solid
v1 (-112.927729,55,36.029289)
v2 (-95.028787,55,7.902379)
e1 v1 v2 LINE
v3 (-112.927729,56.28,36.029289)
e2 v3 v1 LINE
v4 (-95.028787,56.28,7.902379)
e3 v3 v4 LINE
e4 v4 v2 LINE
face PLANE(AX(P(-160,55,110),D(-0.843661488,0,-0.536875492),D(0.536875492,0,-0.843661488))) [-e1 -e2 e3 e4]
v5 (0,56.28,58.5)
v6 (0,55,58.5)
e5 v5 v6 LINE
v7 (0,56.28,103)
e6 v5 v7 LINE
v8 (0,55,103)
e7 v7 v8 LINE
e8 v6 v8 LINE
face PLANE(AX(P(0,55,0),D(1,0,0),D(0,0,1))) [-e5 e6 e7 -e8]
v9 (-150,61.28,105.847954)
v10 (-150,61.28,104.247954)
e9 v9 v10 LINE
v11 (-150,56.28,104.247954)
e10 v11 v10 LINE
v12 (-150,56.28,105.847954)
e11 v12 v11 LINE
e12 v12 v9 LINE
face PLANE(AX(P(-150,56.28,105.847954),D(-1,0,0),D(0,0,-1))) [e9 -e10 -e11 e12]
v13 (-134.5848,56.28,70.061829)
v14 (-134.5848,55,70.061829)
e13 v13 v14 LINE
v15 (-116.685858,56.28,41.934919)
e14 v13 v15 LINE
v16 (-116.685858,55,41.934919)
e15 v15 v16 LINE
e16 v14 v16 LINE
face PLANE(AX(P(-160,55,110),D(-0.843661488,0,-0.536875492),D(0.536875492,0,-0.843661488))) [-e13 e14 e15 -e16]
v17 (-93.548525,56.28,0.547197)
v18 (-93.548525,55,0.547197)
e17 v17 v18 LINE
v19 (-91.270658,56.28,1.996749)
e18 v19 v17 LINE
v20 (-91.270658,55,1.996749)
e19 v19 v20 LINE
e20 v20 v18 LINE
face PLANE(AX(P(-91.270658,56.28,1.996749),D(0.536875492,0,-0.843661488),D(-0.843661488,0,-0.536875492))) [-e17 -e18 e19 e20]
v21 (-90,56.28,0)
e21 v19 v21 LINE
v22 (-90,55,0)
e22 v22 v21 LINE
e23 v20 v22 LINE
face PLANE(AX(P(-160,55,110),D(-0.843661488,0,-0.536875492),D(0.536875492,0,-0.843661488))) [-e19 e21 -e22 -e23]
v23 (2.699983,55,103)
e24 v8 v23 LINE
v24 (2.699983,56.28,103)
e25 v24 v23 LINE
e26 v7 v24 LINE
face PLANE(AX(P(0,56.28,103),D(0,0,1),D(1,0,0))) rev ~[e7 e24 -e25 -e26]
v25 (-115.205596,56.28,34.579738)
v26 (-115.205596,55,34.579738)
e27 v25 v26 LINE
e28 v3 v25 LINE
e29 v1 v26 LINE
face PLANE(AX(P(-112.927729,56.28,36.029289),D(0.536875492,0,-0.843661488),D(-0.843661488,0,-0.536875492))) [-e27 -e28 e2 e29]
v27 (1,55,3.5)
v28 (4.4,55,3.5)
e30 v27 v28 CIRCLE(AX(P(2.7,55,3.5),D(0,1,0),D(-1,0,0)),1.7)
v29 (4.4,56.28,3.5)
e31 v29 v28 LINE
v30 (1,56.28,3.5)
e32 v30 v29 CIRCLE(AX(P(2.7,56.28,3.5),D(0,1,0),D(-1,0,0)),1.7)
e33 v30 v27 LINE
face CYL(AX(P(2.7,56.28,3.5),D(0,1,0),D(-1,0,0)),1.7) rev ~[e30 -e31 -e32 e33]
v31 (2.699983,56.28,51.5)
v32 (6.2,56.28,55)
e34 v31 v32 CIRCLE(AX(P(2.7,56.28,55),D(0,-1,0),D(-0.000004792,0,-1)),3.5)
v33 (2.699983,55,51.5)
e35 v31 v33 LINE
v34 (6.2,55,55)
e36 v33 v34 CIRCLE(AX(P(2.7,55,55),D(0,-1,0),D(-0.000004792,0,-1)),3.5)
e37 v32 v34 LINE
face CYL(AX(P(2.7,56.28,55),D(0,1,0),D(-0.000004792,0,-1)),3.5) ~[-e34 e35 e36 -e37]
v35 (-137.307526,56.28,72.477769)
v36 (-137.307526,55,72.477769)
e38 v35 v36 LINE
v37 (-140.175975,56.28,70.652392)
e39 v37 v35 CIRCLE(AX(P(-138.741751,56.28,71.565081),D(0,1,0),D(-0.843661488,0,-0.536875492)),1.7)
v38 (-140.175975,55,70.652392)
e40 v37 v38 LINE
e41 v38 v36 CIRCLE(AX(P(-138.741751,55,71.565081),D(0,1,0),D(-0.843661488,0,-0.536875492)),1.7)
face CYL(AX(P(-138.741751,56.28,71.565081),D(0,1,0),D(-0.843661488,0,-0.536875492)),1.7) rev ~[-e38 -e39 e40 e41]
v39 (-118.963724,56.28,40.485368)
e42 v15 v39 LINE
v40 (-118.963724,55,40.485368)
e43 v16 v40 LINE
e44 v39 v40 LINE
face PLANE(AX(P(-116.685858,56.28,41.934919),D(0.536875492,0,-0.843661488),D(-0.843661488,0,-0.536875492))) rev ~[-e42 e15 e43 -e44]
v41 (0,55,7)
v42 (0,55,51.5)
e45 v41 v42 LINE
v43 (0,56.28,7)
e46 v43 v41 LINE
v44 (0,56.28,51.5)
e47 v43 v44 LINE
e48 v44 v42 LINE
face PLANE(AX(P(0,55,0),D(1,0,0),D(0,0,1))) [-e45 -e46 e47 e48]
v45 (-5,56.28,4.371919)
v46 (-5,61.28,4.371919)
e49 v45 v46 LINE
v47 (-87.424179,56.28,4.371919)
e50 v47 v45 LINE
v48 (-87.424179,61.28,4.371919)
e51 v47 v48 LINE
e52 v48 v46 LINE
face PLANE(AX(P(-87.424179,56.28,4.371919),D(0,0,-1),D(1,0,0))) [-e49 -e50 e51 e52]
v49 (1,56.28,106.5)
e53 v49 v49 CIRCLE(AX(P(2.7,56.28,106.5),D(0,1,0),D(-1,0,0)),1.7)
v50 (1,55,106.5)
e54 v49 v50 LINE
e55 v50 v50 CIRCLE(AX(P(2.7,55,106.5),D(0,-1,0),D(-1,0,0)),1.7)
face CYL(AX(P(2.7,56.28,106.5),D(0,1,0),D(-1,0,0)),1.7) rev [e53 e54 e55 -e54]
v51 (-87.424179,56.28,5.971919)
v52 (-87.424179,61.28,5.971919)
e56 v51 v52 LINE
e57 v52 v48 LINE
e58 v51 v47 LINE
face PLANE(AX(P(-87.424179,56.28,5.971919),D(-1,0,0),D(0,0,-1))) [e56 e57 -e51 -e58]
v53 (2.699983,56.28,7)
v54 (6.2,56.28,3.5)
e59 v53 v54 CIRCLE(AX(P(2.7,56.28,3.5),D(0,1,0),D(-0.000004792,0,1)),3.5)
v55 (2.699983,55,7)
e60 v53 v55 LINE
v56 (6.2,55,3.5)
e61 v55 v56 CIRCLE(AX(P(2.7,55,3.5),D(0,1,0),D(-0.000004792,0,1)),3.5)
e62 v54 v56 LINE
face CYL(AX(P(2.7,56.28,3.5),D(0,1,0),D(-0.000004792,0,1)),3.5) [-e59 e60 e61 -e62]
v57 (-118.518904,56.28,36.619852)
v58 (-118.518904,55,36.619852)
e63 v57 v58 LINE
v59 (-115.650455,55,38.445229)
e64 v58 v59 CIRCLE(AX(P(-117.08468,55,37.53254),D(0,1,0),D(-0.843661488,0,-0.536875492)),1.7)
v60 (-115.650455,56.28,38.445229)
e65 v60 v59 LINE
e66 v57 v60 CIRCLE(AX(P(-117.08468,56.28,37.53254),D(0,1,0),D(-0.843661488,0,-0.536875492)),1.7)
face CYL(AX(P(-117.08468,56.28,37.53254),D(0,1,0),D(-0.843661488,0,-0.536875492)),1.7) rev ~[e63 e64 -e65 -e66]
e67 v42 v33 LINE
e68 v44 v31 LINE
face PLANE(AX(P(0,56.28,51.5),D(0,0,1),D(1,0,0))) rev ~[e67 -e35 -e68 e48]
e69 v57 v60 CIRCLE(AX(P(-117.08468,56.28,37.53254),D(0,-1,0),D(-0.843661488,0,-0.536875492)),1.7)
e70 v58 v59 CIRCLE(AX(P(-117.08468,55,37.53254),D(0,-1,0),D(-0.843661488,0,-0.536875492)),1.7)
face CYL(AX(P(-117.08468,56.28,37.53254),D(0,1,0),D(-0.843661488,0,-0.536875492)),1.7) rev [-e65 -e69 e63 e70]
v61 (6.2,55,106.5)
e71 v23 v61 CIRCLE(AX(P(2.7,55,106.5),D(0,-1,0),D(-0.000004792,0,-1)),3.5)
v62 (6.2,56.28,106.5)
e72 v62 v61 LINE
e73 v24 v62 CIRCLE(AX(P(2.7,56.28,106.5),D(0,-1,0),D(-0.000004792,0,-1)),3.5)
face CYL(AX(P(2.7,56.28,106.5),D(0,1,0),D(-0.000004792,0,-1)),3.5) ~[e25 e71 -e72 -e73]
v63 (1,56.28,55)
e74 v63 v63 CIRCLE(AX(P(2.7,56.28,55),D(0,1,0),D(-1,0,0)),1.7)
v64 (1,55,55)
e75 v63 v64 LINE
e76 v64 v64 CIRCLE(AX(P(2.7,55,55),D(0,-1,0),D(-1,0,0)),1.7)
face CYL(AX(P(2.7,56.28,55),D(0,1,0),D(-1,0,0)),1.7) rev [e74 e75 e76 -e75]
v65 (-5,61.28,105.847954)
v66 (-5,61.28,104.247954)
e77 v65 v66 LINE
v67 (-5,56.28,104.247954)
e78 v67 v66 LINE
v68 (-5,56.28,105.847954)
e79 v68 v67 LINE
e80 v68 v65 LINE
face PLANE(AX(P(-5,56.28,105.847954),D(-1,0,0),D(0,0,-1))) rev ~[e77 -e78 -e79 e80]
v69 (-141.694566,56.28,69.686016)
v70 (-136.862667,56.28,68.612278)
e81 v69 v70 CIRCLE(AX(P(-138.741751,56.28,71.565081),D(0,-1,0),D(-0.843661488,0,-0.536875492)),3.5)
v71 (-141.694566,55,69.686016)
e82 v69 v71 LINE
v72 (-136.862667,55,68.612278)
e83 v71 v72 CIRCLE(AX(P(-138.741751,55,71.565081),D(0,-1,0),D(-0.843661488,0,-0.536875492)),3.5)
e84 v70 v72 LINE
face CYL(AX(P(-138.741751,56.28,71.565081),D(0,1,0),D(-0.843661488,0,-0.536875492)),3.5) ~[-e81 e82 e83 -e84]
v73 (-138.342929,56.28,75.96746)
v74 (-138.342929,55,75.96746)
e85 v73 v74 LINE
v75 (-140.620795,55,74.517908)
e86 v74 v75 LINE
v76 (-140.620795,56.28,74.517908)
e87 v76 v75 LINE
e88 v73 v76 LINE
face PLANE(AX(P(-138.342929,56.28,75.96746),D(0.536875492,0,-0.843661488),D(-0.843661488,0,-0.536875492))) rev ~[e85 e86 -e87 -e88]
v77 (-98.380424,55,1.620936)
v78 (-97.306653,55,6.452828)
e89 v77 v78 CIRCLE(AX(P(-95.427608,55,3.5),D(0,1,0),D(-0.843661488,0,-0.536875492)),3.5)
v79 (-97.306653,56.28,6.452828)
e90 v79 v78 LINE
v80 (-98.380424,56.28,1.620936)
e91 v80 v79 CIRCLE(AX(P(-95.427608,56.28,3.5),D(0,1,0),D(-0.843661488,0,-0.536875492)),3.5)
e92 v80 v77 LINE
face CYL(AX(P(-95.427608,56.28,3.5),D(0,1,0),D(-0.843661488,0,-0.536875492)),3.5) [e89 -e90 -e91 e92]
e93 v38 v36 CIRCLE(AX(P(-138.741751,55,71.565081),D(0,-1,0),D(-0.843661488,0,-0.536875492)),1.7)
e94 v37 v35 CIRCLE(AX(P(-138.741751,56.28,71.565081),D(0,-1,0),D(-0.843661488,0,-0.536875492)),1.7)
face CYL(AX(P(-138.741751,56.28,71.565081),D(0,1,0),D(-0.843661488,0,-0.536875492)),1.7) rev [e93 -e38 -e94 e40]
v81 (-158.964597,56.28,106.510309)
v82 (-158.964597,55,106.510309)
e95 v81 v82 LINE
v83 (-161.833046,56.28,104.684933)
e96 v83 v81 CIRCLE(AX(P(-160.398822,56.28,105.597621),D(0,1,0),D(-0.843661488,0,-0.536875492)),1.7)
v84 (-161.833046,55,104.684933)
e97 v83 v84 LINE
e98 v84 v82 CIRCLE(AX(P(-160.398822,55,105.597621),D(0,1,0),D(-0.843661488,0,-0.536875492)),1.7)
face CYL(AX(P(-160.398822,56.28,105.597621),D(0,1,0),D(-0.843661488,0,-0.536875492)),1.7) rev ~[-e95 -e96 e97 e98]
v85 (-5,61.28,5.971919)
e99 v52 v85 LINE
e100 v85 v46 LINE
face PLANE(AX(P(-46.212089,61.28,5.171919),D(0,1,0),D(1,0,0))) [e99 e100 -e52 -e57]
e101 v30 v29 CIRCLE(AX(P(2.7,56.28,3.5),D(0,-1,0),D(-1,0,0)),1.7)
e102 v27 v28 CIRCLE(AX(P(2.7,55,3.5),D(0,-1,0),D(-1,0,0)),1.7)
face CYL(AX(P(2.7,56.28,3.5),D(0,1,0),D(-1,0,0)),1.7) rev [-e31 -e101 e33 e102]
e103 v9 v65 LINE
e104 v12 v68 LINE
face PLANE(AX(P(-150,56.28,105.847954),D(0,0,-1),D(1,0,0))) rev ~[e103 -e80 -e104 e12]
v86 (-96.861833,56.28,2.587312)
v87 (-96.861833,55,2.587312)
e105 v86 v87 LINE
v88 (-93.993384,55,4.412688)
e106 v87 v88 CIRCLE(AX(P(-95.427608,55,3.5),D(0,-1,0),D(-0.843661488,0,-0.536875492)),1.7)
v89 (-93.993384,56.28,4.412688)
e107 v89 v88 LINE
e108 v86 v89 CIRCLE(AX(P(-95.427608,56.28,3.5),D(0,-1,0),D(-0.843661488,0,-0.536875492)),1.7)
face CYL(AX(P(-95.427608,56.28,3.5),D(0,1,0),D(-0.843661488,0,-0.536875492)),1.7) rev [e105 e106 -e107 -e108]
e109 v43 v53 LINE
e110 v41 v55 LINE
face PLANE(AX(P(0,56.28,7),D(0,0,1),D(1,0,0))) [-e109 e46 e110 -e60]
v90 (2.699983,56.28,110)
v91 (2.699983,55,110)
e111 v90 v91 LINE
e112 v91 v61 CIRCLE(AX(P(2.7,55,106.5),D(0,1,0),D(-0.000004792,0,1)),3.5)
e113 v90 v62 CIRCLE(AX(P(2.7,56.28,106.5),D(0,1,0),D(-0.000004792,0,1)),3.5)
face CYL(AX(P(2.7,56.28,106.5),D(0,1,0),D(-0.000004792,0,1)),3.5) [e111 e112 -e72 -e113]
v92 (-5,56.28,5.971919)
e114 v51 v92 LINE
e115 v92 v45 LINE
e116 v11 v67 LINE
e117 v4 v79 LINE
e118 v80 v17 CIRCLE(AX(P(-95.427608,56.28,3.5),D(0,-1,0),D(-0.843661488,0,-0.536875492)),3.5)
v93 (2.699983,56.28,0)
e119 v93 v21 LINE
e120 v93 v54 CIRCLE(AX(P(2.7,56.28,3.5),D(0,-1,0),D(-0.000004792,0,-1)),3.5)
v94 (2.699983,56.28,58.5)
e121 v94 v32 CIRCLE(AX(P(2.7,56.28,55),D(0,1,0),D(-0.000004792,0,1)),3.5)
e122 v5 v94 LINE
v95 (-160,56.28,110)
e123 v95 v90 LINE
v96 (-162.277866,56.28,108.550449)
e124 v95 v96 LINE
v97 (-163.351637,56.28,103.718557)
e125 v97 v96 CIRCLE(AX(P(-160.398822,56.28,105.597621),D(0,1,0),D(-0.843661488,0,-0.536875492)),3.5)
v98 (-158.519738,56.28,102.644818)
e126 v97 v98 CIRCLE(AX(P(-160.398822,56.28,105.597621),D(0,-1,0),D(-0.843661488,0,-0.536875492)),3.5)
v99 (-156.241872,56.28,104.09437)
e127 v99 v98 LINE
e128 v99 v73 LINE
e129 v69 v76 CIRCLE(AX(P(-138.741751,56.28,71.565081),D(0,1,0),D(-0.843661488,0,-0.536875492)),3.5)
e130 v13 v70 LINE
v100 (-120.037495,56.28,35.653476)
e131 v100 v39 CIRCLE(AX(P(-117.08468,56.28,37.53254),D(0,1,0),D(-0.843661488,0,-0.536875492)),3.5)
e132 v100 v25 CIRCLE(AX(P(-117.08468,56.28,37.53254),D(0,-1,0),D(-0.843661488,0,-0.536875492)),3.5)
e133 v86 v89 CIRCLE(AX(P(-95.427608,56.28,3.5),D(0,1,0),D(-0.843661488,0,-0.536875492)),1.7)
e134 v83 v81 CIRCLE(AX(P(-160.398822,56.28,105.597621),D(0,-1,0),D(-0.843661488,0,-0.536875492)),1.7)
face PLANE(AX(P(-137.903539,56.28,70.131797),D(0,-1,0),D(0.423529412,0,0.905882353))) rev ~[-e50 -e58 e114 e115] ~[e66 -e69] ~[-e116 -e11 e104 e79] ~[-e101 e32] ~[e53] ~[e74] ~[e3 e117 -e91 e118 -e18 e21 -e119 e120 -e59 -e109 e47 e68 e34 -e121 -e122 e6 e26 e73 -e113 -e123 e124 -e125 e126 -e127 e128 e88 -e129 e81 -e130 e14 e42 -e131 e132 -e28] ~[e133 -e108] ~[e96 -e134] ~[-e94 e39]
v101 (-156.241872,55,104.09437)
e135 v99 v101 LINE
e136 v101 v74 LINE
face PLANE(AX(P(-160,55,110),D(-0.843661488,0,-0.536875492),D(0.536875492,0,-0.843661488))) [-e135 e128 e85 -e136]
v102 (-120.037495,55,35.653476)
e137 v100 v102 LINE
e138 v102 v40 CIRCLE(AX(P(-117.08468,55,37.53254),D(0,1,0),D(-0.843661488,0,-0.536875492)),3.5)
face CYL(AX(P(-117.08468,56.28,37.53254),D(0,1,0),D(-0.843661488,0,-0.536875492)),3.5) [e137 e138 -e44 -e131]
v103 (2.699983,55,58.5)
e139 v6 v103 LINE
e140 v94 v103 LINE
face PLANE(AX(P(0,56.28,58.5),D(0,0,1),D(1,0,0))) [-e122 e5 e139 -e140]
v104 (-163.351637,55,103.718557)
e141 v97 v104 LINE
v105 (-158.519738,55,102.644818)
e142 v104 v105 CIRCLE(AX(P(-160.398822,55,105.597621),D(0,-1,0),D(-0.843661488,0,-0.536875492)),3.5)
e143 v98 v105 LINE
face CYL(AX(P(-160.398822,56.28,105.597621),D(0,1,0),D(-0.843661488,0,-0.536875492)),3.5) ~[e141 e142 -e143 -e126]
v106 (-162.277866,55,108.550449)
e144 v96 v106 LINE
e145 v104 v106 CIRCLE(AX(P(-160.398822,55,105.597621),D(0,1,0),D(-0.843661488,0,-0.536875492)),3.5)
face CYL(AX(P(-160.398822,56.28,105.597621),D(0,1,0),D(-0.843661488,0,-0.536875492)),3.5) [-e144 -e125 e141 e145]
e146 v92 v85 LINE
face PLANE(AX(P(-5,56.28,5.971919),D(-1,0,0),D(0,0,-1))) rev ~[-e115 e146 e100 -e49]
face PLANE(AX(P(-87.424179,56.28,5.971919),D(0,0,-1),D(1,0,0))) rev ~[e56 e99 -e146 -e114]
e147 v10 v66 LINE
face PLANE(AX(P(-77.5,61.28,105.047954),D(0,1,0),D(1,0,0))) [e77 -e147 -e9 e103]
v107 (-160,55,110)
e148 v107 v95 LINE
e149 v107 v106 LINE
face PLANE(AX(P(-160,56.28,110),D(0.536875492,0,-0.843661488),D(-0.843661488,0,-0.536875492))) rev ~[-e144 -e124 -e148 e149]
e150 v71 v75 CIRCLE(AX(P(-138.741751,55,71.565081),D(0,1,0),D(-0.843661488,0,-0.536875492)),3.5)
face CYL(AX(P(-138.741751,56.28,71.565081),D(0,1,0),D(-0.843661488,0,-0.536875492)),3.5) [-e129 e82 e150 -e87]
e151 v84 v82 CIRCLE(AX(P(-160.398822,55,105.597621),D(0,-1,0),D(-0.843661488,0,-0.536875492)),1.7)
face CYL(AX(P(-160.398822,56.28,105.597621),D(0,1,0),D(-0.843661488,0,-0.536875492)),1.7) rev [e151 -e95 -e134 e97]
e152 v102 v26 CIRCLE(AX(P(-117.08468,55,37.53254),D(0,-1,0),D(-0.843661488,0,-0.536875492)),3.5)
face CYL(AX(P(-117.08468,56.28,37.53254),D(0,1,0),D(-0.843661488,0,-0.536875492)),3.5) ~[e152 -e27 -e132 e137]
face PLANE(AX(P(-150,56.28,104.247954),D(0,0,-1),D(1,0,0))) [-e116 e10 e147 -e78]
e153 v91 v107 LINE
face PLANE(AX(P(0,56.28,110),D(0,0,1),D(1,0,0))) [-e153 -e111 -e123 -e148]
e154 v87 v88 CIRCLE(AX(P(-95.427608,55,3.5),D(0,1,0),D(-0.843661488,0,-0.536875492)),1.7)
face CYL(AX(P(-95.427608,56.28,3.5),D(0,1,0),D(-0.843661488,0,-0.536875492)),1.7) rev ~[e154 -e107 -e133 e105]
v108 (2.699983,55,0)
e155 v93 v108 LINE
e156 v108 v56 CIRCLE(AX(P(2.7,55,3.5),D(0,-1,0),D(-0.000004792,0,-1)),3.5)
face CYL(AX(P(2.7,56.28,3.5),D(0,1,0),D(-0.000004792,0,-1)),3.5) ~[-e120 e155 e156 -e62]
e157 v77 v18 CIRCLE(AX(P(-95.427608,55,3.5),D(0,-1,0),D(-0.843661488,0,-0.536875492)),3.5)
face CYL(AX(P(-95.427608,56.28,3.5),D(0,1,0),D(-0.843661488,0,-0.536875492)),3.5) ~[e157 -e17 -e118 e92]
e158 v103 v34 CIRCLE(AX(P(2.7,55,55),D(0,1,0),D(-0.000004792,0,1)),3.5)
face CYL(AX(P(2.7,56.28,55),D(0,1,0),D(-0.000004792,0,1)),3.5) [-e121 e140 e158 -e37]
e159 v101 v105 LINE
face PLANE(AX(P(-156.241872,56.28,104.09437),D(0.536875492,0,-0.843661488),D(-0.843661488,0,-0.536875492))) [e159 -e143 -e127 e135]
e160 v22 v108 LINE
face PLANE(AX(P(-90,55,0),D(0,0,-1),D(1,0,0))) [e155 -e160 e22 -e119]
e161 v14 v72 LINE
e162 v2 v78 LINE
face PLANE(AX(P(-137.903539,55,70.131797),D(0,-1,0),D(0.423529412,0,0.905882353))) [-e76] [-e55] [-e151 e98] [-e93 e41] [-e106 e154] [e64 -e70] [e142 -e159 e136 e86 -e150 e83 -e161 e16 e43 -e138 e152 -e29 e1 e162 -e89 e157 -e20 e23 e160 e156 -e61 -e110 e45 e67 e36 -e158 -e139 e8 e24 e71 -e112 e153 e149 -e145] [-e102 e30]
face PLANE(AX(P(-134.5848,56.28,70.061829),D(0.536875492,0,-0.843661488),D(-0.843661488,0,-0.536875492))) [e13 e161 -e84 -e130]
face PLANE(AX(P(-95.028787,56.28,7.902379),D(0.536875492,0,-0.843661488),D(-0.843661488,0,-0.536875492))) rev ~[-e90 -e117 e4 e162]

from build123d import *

# Parameters (mm, degrees)
PAD_DEPTH                  = 1.28
SKETCH005_W                = 145
SKETCH005_H                = 1.6
SKETCH005_W_2              = 82.424179
PAD003_DEPTH               = 5
PAD004_DEPTH               = 1.28
PAD004_MIRRORED_2_DEPTH    = 1.28
LINEARPATTERN_COUNT        = 3
LINEARPATTERN_PITCH        = 51.5
PAD005_DEPTH               = 1.28
PAD005_MIRRORED001_2_DEPTH = 1.28
LINEARPATTERN001_COUNT     = 4
LINEARPATTERN001_PITCH     = 40.3390943124


with BuildPart() as part:
    # Sketch → Pad (new body)
    with BuildSketch(Plane.XZ):
        Polygon((0, 0), (0, 110), (-160, 110), (-90, 0), align=None)
    extrude(amount=-PAD_DEPTH)

    # Sketch005 (on Face6 of Pad) → Pad003 (join)
    with BuildSketch(Plane(origin=(0, 1.28, 0), x_dir=(1, 0, 0), z_dir=(0, 1, 0))):
        with Locations((-77.5, -105.0479535608)):
            Rectangle(SKETCH005_W, SKETCH005_H)
        with Locations((-46.2120895, -5.171919)):
            Rectangle(SKETCH005_W_2, SKETCH005_H)
    extrude(amount=PAD003_DEPTH)

    # Sketch006 (on Face5 of Pad003) → Pad004 (join)
    with BuildSketch(Plane(origin=(0, 1.28, 0), x_dir=(1, 0, 0), z_dir=(0, 1, 0))):
        with BuildLine():
            Line((0, -110), (0, -106.5))
            Line((0, -106.5), (1, -106.5))
            ThreePointArc((1, -106.5), (2.7, -108.2), (4.4, -106.5))
            Line((4.4, -106.5), (6.2, -106.5))
            ThreePointArc((2.6999832282, -110), (5.1748678044, -108.9748796639), (6.2, -106.5))
            Line((0, -110), (2.6999832282, -110))
        make_face()
    pad004 = extrude(amount=-PAD004_DEPTH)

    # Sketch006 Mirrored 2 → Pad004 Mirrored 2 (add)
    with BuildSketch(Plane(origin=(0, 1.28, 213), x_dir=(1, 0, 0), z_dir=(0, -1, 0))):
        with BuildLine():
            Line((0, -110), (0, -106.5))
            Line((0, -106.5), (1, -106.5))
            ThreePointArc((1, -106.5), (2.7, -108.2), (4.4, -106.5))
            Line((4.4, -106.5), (6.2, -106.5))
            ThreePointArc((2.6999832282, -110), (5.1748678044, -108.9748796639), (6.2, -106.5))
            Line((0, -110), (2.6999832282, -110))
        make_face()
    pad004_mirrored_2 = extrude(amount=PAD004_MIRRORED_2_DEPTH)

    # LinearPattern: Pad004, Pad004 Mirrored 2 ×3
    with Locations(*[(0, 0, -i * LINEARPATTERN_PITCH) for i in range(1, LINEARPATTERN_COUNT)]):
        add(pad004)
        add(pad004_mirrored_2)

    # Sketch007 (on Face5 of Pad003) → Pad005 (join)
    with BuildSketch(Plane(origin=(0, 1.28, 0), x_dir=(1, 0, 0), z_dir=(0, 1, 0))):
        with BuildLine():
            Line((-160, -110), (-158.1209357773, -107.0471847929))
            Line((-158.1209357773, -107.0471847929), (-158.9645972651, -106.5103093007))
            ThreePointArc((-161.8330463233, -104.6849326273), (-161.3115101309, -107.0318454932), (-158.9645972651, -106.5103093007))
            Line((-161.8330463233, -104.6849326273), (-163.3516370013, -103.7185567413))
            ThreePointArc((-163.3516370013, -103.7185567413), (-163.8154739704, -106.3568889713), (-162.2778663036, -108.5504487158))
            Line((-160, -110), (-162.2778663036, -108.5504487159))
        make_face()
    pad005 = extrude(amount=-PAD005_DEPTH)

    # Sketch007 Mirrored001 2 → Pad005 Mirrored001 2 (add)
    with BuildSketch(Plane(origin=(-188.1242244958, 1.28, 295.6237813506), x_dir=(0.4235294118, 0, 0.9058823529), z_dir=(0, -1, 0))):
        with BuildLine():
            Line((-160, -110), (-158.1209357773, -107.0471847929))
            Line((-158.1209357773, -107.0471847929), (-158.9645972651, -106.5103093007))
            ThreePointArc((-161.8330463233, -104.6849326273), (-161.3115101309, -107.0318454932), (-158.9645972651, -106.5103093007))
            Line((-161.8330463233, -104.6849326273), (-163.3516370013, -103.7185567413))
            ThreePointArc((-163.3516370013, -103.7185567413), (-163.8154739704, -106.3568889713), (-162.2778663036, -108.5504487158))
            Line((-160, -110), (-162.2778663036, -108.5504487159))
        make_face()
    pad005_mirrored001_2 = extrude(amount=PAD005_MIRRORED001_2_DEPTH)

    # LinearPattern001: Pad005, Pad005 Mirrored001 2 ×4
    with Locations(*[Vector(0.5368754922, 0, -0.8436614877) * (i * LINEARPATTERN001_PITCH) for i in range(1, LINEARPATTERN001_COUNT)]):
        add(pad005)
        add(pad005_mirrored001_2)


with BuildPart() as part_1:
    # Body placement: moved
    add(part.part.moved(Location((0, 55, 0))))


solid = part_1.part
